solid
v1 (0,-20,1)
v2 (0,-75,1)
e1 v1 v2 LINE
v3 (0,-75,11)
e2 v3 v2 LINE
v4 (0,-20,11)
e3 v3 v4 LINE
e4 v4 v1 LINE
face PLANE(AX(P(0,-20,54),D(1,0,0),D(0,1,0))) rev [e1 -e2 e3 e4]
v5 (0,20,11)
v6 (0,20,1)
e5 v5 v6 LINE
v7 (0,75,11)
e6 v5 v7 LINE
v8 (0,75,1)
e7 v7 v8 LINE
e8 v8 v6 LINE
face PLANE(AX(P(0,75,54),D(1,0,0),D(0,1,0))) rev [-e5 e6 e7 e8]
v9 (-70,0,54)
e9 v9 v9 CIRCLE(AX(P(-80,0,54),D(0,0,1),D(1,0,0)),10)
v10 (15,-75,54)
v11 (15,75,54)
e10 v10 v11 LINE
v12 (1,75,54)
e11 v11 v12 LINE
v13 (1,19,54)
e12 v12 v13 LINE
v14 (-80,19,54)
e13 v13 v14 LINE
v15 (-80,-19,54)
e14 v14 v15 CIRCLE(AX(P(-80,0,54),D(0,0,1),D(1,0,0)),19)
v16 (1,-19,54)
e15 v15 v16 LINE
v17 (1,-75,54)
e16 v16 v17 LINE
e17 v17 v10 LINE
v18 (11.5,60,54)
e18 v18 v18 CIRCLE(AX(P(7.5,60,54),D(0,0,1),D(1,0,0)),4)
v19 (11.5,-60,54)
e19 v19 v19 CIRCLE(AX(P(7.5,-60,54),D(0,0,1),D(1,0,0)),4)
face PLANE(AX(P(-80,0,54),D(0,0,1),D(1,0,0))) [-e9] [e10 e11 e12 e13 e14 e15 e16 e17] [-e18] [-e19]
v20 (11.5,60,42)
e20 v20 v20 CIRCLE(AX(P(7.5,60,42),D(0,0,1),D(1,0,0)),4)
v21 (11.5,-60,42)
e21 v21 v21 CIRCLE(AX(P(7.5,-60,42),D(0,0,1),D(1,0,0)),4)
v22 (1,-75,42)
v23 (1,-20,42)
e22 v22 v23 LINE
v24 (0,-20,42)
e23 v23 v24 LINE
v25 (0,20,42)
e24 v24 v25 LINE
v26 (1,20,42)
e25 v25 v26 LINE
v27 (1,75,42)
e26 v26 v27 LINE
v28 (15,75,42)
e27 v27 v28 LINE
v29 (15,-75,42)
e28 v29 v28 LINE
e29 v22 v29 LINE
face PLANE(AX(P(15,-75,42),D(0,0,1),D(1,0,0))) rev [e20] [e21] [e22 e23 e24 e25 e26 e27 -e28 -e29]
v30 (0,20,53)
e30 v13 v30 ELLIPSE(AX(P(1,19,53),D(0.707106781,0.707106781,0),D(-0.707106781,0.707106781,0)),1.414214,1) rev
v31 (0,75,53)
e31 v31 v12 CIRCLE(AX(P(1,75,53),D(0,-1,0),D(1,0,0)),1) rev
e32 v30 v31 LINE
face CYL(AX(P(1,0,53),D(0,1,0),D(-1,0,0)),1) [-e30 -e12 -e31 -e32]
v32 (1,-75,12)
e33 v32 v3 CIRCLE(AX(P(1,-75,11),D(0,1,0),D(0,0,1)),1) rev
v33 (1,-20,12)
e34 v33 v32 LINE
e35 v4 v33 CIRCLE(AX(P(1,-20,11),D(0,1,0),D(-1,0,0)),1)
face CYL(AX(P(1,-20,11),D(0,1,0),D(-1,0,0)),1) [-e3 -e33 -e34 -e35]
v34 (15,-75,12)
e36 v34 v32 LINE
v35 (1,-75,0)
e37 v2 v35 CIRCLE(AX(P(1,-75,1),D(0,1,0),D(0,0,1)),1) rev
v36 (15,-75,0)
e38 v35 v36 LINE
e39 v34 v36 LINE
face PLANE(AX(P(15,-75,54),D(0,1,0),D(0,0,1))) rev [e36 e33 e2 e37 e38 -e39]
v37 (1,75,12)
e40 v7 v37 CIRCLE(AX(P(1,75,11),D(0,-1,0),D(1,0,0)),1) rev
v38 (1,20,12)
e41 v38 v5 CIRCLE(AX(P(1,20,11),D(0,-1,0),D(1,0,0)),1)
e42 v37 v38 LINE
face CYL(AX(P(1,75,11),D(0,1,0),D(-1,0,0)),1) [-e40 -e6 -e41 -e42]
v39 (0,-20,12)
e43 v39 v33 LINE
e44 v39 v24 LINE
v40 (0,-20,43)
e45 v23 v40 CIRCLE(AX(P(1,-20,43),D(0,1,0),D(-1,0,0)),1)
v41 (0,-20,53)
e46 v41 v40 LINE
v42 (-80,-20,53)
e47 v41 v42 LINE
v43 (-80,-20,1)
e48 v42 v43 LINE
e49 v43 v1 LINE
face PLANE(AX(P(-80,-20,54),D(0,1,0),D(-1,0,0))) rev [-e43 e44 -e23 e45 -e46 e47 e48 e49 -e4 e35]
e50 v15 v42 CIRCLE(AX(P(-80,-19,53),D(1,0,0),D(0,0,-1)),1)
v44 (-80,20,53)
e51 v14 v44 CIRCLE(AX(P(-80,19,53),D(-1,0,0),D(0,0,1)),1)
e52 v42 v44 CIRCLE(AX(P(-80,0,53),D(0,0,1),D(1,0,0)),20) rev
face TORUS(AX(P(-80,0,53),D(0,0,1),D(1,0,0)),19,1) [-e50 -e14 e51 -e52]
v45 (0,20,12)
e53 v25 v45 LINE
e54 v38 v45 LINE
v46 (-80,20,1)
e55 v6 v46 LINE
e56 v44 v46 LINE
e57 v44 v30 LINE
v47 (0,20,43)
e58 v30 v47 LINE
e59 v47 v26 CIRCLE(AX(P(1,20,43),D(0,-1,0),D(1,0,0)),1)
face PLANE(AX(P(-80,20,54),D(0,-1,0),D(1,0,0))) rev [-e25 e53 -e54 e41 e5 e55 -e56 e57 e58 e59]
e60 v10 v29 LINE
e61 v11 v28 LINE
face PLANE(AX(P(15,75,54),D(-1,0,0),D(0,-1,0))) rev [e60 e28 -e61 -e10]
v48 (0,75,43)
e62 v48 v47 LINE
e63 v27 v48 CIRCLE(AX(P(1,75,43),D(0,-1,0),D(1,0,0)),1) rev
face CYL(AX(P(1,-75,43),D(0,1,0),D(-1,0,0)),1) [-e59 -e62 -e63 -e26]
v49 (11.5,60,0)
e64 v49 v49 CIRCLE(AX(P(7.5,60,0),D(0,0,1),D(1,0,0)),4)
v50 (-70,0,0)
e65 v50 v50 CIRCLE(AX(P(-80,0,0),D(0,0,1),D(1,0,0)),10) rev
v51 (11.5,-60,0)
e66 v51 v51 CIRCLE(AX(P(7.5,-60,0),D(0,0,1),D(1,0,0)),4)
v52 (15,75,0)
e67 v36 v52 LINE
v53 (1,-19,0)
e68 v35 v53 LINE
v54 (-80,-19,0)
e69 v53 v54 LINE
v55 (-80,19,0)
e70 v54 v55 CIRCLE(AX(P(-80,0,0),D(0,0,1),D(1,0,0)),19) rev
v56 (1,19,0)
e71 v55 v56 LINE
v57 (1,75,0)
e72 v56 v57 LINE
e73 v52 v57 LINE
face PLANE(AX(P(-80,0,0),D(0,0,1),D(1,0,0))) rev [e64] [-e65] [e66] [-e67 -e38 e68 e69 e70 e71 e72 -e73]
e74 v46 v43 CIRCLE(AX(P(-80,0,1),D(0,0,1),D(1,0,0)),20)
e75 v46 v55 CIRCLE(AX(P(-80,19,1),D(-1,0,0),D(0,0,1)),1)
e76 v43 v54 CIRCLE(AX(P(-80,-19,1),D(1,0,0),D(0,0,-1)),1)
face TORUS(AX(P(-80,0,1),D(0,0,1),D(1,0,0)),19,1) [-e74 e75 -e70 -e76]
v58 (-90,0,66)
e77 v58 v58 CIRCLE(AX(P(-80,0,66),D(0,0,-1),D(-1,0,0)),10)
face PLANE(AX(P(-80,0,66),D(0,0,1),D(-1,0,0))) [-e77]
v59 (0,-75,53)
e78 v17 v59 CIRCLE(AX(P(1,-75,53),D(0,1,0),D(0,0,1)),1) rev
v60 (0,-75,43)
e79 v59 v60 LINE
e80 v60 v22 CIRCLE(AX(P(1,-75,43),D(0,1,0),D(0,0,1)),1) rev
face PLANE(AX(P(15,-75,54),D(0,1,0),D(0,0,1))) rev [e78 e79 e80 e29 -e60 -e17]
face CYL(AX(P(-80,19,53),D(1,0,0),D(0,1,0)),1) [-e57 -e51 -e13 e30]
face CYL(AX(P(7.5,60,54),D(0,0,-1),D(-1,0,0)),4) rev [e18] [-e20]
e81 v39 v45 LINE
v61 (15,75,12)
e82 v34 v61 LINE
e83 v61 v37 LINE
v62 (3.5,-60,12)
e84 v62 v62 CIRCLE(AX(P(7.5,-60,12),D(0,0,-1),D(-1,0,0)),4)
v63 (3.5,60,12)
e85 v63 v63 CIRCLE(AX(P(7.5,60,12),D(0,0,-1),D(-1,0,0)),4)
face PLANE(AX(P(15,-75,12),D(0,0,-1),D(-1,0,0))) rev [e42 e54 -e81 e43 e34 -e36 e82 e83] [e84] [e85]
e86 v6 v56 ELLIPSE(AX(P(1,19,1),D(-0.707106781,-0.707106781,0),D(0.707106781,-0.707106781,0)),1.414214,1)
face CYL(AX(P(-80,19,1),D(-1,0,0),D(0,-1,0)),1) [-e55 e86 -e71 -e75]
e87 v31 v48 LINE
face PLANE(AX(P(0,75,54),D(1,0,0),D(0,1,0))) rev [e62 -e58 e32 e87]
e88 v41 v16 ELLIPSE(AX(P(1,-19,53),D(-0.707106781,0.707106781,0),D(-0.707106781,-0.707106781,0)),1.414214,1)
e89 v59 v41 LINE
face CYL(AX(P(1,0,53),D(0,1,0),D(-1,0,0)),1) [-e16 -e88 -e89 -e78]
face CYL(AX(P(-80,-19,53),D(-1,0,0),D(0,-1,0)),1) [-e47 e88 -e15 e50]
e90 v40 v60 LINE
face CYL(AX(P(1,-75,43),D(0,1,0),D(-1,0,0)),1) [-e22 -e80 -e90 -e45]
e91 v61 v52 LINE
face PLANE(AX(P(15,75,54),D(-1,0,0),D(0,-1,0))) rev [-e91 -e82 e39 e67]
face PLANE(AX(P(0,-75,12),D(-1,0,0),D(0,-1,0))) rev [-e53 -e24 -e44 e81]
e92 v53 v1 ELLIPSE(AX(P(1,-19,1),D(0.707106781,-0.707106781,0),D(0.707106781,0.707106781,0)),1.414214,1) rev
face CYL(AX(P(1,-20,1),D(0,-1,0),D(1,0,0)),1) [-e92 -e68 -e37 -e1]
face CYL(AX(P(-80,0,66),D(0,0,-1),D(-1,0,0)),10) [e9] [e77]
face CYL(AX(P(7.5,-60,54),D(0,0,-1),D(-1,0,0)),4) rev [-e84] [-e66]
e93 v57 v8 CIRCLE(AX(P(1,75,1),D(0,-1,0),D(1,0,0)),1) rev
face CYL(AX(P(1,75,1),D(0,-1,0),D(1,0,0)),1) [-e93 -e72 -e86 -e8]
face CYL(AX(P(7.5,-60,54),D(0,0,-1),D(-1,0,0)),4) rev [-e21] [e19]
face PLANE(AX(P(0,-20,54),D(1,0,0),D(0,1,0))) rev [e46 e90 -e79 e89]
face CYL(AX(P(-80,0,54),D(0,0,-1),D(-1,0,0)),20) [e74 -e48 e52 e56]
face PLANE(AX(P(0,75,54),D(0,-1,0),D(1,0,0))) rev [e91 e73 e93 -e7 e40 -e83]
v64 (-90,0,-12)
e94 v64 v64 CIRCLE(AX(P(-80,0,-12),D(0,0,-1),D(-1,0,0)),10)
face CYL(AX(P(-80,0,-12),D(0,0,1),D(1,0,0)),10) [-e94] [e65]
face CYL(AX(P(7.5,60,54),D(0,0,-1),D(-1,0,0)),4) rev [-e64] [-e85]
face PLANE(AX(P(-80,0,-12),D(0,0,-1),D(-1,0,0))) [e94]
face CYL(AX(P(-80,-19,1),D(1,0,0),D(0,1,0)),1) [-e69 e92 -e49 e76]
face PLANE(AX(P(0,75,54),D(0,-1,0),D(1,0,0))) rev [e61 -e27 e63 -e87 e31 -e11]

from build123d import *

# Parameters (mm, degrees)
SKETCH1_R           = 4
BOSS_EXTRUDE1_DEPTH = 54
SKETCH2_R           = 10
BOSS_EXTRUDE2_DEPTH = 12
SKETCH3_W           = 15
SKETCH3_H           = 30
CUT_EXTRUDE1_DEPTH  = 150
FILLET1_R           = 1


with BuildPart() as part:
    # Sketch1 → Boss-Extrude1 (new body)
    with BuildSketch(Plane.XY):
        with BuildLine():
            Line((0, 75), (0, 20))
            Line((0, 20), (-80, 20))
            ThreePointArc((-80, 20), (-100, 0), (-80, -20))
            Line((-80, -20), (0, -20))
            Line((0, -20), (0, -75))
            Line((0, -75), (15, -75))
            Line((15, -75), (15, 75))
            Line((15, 75), (0, 75))
        make_face()
        with Locations((7.5, 60)):
            Circle(SKETCH1_R, mode=Mode.SUBTRACT)
        with Locations((7.5, -60)):
            Circle(SKETCH1_R, mode=Mode.SUBTRACT)
    extrude(amount=BOSS_EXTRUDE1_DEPTH)

    # Sketch2 → Boss-Extrude2 (add)
    with BuildSketch(Plane(origin=(0, 0, 0), x_dir=(-1, 0, 0), z_dir=(0, 0, -1))):
        with Locations((80, 0)):
            Circle(SKETCH2_R)
    boss_extrude2 = extrude(amount=BOSS_EXTRUDE2_DEPTH)

    # Mirror1: Boss-Extrude2 across plane
    add(boss_extrude2.mirror(Plane.XY.offset(27)))

    # Sketch3 → Cut-Extrude1 (cut)
    with BuildSketch(Plane(origin=(0, 75, 0), x_dir=(1, 0, 0), z_dir=(0, 1, 0))):
        with Locations((7.5, -27)):
            Rectangle(SKETCH3_W, SKETCH3_H)
    extrude(amount=-CUT_EXTRUDE1_DEPTH, mode=Mode.SUBTRACT)

    # Fillet1
    fillet1_edges = [part.edges().sort_by_distance(p)[0] for p in [
        (0, -47.5, 0),
        (-40, -20, 0),
        (-100, 0, 0),
        (0, -47.5, 54),
        (0, 47.5, 54),
        (-40, 20, 54),
        (-100, 0, 54),
        (0, -47.5, 42),
        (0, 47.5, 42),
        (0, -47.5, 12),
        (0, 47.5, 12),
        (-40, 20, 0),
        (-40, -20, 54),
        (0, 47.5, 0),
    ]]
    fillet(fillet1_edges, radius=FILLET1_R)


solid = part.part
